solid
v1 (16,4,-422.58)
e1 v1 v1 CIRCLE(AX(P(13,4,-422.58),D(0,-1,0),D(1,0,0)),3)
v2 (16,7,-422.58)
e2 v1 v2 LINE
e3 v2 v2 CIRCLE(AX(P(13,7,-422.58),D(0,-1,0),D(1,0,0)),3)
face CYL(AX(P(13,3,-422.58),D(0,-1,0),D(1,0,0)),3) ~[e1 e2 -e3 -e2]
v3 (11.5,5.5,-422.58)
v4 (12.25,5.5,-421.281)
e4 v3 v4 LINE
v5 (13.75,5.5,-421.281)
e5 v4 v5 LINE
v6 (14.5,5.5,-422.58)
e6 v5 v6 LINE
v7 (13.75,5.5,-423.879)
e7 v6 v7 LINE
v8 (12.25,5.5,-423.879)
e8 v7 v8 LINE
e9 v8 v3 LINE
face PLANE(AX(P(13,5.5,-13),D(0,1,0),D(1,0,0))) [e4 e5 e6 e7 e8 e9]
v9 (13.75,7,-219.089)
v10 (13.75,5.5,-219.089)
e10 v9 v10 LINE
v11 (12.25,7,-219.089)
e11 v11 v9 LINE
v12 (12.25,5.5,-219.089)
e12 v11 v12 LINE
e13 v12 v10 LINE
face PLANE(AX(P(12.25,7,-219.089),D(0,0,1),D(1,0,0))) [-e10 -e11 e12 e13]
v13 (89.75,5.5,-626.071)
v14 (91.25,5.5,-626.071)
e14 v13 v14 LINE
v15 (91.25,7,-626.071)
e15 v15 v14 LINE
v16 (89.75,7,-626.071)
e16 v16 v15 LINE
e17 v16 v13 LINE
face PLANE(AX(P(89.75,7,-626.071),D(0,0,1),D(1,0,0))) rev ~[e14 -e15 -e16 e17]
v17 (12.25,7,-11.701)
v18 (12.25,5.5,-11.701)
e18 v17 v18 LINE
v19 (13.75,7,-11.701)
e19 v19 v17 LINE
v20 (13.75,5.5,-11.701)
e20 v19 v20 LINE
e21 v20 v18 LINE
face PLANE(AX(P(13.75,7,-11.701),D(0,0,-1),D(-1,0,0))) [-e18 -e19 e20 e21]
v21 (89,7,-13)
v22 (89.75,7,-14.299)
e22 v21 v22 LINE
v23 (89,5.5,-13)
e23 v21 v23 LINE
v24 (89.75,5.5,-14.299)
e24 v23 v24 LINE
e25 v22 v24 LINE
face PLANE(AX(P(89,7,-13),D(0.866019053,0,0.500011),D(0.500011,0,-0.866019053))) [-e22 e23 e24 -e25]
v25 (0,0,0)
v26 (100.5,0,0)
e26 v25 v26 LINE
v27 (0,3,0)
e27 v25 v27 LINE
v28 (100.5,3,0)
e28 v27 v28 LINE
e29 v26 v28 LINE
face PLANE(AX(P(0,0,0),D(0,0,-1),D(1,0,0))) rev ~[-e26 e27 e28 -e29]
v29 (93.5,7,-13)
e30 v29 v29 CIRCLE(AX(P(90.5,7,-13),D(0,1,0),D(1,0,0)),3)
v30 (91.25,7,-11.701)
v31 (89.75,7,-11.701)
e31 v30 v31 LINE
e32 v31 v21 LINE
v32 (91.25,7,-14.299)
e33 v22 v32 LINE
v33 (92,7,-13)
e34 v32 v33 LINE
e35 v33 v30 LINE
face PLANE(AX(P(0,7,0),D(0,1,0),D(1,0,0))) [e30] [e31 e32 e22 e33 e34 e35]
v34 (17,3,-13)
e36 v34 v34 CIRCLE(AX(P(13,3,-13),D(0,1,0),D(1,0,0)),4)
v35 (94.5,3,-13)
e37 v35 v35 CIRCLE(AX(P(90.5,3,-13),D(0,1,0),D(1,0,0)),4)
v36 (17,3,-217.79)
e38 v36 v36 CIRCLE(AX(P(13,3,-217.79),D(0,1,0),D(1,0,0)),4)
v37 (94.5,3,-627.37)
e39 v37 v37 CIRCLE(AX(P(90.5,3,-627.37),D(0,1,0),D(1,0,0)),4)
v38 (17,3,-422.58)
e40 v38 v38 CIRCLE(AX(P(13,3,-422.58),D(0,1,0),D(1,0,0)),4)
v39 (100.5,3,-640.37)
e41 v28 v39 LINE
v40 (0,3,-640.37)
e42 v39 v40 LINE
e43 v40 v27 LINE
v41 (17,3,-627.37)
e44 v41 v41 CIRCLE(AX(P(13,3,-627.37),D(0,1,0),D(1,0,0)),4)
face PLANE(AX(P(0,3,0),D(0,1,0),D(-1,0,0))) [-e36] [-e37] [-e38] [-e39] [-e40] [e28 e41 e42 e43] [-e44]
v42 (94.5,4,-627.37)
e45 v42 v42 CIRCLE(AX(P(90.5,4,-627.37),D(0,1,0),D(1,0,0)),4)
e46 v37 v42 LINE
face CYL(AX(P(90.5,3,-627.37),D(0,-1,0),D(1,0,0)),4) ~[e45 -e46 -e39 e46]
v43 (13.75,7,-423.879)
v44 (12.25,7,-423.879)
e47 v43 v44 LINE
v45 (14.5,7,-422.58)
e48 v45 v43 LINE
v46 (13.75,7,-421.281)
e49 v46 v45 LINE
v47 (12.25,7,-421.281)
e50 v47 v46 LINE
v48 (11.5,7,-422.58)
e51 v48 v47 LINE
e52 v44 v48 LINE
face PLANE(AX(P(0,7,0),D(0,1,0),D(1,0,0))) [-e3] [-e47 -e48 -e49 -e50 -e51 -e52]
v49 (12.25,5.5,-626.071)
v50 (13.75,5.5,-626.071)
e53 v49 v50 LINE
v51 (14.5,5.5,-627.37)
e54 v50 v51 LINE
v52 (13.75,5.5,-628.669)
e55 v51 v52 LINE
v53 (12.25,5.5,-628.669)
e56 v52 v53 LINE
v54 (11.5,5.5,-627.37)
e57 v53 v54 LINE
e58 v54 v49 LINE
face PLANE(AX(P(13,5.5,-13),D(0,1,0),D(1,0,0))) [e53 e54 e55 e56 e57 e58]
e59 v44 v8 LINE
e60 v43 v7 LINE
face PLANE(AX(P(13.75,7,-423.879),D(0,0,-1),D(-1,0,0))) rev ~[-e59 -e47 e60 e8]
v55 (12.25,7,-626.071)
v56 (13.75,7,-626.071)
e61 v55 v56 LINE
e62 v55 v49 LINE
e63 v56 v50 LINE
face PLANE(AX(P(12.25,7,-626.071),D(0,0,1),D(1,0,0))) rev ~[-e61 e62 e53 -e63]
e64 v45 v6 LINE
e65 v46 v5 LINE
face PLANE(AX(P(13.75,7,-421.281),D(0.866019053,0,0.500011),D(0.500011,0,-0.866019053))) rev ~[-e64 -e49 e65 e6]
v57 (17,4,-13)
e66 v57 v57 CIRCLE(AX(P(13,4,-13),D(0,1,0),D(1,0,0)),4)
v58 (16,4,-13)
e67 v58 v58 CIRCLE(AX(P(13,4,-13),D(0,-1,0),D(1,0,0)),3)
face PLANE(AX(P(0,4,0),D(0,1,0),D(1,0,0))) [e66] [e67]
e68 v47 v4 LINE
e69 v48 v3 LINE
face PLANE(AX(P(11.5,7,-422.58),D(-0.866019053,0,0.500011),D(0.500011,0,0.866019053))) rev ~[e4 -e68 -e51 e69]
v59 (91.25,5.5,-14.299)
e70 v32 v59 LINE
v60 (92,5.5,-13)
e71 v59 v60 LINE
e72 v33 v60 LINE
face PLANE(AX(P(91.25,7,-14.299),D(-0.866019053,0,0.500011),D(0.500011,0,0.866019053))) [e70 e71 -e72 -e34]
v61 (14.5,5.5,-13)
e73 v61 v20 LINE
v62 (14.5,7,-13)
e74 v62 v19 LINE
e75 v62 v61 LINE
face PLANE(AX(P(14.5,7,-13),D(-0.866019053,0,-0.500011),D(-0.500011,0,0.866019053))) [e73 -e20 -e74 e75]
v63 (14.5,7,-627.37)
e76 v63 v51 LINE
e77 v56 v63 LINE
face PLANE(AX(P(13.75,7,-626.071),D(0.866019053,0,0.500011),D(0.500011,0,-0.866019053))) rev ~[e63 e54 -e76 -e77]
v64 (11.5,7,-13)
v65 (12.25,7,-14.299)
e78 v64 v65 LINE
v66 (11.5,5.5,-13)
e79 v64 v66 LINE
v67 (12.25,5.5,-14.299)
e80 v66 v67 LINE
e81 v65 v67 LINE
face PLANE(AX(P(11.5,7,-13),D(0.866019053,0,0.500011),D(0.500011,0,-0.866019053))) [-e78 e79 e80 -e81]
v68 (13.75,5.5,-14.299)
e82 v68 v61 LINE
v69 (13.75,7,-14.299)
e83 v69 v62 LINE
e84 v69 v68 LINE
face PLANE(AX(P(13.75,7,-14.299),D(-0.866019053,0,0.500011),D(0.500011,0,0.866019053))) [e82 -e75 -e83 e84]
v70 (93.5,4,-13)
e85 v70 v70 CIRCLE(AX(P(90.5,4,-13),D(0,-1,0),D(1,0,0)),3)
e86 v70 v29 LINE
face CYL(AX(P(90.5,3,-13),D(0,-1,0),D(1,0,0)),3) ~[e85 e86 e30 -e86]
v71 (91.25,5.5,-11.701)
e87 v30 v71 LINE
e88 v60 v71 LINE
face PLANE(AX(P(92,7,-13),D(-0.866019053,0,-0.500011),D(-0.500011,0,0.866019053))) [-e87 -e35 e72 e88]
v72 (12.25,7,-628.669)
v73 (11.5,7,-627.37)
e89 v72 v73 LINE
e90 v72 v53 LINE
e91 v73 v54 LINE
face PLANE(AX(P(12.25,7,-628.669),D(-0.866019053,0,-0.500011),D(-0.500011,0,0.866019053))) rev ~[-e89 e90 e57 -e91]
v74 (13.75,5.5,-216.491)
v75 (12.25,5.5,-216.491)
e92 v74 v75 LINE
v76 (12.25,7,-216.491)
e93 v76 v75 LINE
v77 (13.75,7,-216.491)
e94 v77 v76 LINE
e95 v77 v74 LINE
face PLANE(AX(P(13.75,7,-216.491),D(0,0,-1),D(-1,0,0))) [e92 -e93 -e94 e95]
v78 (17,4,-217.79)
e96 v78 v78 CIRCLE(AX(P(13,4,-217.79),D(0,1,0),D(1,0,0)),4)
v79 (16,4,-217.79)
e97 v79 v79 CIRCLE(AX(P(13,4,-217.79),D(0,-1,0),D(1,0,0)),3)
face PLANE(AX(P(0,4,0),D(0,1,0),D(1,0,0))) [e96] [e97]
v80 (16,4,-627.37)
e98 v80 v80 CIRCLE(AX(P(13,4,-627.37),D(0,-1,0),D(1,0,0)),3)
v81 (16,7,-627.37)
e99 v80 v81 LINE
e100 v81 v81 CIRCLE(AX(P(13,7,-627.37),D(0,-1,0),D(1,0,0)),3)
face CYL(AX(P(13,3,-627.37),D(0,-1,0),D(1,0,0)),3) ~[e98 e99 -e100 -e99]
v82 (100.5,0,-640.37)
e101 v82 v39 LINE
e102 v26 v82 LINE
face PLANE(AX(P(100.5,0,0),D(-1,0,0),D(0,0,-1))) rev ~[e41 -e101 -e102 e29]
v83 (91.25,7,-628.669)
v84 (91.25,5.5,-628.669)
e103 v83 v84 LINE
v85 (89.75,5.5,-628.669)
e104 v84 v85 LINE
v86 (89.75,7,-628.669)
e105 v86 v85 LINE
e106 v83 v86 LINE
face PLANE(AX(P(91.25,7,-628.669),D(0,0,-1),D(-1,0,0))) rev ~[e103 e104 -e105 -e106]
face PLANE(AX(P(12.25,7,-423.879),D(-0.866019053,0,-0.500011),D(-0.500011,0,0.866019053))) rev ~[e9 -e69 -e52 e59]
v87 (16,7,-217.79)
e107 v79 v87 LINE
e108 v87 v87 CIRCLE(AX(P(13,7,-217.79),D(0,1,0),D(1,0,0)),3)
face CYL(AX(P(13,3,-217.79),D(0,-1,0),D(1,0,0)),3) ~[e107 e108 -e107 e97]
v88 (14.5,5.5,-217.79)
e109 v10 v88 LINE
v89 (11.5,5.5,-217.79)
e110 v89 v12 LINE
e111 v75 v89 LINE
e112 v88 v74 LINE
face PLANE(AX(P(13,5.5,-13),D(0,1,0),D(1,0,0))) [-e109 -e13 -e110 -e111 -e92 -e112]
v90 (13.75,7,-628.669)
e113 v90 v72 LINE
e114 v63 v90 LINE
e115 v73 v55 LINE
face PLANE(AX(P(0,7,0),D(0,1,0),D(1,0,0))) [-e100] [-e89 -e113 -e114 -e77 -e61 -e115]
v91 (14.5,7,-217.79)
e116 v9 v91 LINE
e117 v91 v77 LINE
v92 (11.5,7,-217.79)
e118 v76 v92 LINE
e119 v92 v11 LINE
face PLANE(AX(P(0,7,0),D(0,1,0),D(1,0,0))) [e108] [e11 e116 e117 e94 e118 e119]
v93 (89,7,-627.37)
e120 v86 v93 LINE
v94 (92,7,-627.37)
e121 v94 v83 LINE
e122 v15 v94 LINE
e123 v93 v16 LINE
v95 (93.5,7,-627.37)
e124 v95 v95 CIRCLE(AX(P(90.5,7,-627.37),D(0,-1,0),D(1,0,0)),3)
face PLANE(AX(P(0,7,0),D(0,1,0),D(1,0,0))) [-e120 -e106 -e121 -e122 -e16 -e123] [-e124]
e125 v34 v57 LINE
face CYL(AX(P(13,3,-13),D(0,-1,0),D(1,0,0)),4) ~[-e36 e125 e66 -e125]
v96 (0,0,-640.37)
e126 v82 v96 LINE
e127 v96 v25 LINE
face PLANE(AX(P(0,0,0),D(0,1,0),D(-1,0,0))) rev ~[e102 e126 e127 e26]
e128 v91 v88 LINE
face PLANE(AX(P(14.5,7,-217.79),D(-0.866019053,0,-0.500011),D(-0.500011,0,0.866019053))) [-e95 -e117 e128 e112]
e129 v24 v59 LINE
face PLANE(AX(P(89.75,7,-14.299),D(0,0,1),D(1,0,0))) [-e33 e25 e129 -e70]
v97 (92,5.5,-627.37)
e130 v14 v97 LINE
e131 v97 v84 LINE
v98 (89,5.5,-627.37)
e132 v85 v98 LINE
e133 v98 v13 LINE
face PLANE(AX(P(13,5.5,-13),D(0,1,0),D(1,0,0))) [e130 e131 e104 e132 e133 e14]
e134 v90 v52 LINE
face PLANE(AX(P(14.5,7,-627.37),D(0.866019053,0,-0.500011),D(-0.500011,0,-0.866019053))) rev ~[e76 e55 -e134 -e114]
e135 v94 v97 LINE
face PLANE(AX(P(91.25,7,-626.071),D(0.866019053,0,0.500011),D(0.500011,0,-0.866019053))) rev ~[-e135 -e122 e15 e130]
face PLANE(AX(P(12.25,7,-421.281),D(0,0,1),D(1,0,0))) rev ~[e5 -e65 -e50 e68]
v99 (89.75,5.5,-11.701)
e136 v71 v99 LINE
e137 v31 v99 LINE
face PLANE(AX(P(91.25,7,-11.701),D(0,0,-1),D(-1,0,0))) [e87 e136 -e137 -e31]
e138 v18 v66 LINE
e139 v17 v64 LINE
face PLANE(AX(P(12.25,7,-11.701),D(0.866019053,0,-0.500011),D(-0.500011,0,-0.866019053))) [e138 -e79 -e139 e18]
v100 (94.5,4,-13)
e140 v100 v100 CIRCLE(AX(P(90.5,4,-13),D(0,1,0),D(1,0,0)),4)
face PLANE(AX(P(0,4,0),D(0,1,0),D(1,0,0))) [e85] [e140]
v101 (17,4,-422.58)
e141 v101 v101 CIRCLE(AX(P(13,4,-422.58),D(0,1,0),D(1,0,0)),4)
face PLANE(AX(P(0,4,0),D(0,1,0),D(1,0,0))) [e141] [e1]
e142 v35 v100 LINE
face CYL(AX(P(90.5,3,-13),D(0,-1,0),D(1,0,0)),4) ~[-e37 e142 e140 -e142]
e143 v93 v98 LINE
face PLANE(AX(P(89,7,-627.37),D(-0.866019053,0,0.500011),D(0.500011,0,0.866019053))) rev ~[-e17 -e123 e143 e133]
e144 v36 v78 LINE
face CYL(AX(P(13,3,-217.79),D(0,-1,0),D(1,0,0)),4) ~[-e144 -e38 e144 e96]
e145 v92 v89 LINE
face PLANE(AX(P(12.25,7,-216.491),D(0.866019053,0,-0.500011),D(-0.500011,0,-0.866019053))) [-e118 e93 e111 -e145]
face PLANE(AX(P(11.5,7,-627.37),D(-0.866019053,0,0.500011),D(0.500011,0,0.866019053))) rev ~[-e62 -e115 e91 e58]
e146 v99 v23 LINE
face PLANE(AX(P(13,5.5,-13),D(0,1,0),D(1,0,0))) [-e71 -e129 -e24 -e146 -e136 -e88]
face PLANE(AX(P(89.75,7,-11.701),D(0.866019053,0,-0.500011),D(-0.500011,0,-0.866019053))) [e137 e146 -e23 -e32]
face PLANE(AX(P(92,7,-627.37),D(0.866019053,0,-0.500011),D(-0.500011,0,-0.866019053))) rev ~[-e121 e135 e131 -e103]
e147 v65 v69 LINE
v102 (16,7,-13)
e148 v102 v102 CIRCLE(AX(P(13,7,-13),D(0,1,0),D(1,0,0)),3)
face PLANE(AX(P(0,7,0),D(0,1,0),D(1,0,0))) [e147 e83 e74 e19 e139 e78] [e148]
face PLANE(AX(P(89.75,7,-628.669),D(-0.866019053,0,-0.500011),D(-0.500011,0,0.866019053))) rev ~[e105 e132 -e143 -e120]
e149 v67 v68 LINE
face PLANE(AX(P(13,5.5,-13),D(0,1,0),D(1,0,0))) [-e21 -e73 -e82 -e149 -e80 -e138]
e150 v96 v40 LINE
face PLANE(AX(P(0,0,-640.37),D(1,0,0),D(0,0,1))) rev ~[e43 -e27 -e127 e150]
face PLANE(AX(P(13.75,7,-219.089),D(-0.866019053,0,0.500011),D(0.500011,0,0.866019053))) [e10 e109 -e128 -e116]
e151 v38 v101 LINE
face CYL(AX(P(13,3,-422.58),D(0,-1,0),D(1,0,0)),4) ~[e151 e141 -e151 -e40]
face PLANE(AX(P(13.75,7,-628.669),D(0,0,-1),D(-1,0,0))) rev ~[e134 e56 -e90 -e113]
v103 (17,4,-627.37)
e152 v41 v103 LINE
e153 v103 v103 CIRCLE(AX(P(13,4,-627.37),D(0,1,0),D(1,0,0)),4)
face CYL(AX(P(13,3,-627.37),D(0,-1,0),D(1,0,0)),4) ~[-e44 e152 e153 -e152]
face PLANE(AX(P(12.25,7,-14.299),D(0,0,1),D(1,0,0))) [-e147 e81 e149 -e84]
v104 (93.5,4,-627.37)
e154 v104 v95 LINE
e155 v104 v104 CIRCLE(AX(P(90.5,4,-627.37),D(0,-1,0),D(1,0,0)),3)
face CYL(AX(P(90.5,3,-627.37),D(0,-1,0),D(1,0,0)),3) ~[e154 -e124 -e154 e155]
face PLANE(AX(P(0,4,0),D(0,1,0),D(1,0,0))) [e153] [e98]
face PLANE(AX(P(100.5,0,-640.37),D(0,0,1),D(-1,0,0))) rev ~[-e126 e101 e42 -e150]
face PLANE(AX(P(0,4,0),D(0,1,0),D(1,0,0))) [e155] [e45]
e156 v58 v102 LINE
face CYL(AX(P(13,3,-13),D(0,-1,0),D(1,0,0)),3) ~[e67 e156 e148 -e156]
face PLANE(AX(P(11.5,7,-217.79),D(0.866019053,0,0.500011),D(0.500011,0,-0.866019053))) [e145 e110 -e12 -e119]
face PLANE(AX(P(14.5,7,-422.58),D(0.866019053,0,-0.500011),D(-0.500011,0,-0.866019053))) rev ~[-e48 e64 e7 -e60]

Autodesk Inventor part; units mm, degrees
ref_plane "YZ Plane" through (0, 0, 0) normal (1, 0, 0) x (0, 1, 0)
ref_plane "XZ Plane" through (0, 0, 0) normal (0, 1, 0) x (-1, 0, 0)
ref_plane "XY Plane" through (0, 0, 0) normal (0, 0, 1) x (1, 0, 0)
sketch "Esboço1" plane through (0, 0, 0) normal (0, 1, 0) x (-1, 0, 0)
  line L0 (0, 0) -> (-100.5, 0)
  line L1 (-100.5, 0) -> (-100.5, -640.37)
  line L2 (-100.5, -640.37) -> (0, -640.37)
  line L3 (0, -640.37) -> (0, 0)
  dimension "d0" = 100.5
  dimension "d1" = 640.37
extrude "Extrusão1" add sketch "Esboço1" along normal blind 3
sketch "Esboço2" plane through (0, 3, 0) normal (0, 1, 0) x (1, 0, 0)
  line L0 (0, 0) -> (100.5, 0) projected
  line L1 (0, 0) -> (100.5, 0)
  line L2 (0, 20) -> (0, 0)
  line L3 (100.5, 640.37) -> (0, 640.37) projected
  line L4 (0, 0) -> (23, 0)
  line L5 (23, 0) -> (23, 640.37)
  line L6 (23, 640.37) -> (0, 640.37)
  line L7 (0, 640.37) -> (0, 0)
  line L8 (0, 640.37) -> (3, 640.37)
  line L9 (3, 640.37) -> (3, 0)
  line L10 (3, 0) -> (0, 0)
  line L11 (0, 0) -> (0, 640.37)
  line L12 (100.5, 0) -> (100.5, 640.37) projected
  line L13 (0, 0) -> (100.5, 0)
  line L14 (100.5, 0) -> (100.5, 23)
  line L15 (100.5, 23) -> (0, 23)
  line L16 (0, 23) -> (0, 0)
  line L17 (0, 23) -> (100.5, 23)
  line L18 (100.5, 23) -> (100.5, 3)
  line L19 (100.5, 3) -> (0, 3)
  line L20 (0, 3) -> (0, 23)
  line L21 (0, 640.37) -> (100.5, 640.37)
  line L22 (100.5, 640.37) -> (100.5, 617.37)
  line L23 (100.5, 617.37) -> (0, 617.37)
  line L24 (0, 617.37) -> (0, 640.37)
  line L25 (0, 617.37) -> (100.5, 617.37)
  line L26 (100.5, 617.37) -> (100.5, 637.37)
  line L27 (100.5, 637.37) -> (0, 637.37)
  line L28 (0, 637.37) -> (0, 617.37)
  line L29 (3, 617.37) -> (13, 617.37)
  line L30 (13, 617.37) -> (13, 627.37)
  line L31 (13, 627.37) -> (3, 627.37)
  line L32 (3, 627.37) -> (3, 617.37)
  line L33 (100.5, 617.37) -> (90.5, 617.37)
  line L34 (90.5, 617.37) -> (90.5, 627.37)
  line L35 (90.5, 627.37) -> (100.5, 627.37)
  line L36 (100.5, 627.37) -> (100.5, 617.37)
  line L37 (0, 320.185) -> (42.8938, 320.185)
  line L38 (0, 320.185) -> (13, 320.185)
  circle A0 centre (13, 320.185) radius 3
  circle A1 centre (13, 627.37) radius 3
  circle A2 centre (90.5, 627.37) radius 3
  line L39 (13, 320.185) -> (13, 422.58)
  line L40 (13, 422.58) -> (13, 524.975)
  circle A3 centre (13, 422.58) radius 3
  circle A4 centre (13, 524.975) radius 3
  circle A5 centre (13, 320.185) radius 3
  circle A6 centre (13, 13) radius 3
  circle A7 centre (90.5, 13) radius 3
  circle A8 centre (13, 217.79) radius 3
  circle A9 centre (13, 115.395) radius 3
  dimension "d5" = 23
  dimension "d6" = 3
  dimension "d7" = 23
  dimension "d8" = 20
  dimension "d9" = 23
  dimension "d10" = 20
  dimension "d11" = 10
  dimension "d12" = 10
  dimension "d13" = 10
  dimension "d14" = 6
  dimension "d15" = 6
  dimension "d16" = 6
  dimension "d17" = 102.395
  dimension "d18" = 102.395
extrude "Extrusão2" add sketch "Esboço2" along normal blind 4 contours A4 | A3 L40 L39 | L39 L40 A3 | A0 L39 L37 | L37 A0 | L37 L39 A0 | A1 L30 L31 | L31 L30 A1 | A2 L34 L35 | L35 L34 A2 | A6 | A7 | A8 | A9
sketch "Esboço3" plane through (0, 3, 0) normal (0, 1, 0) x (1, 0, 0)
  circle A0 centre (13, 13) radius 3 projected
  circle A1 centre (13, 13) radius 4
  circle A2 centre (90.5, 13) radius 3 projected
  circle A3 centre (90.5, 13) radius 4
  circle A4 centre (13, 115.395) radius 3 projected
  circle A5 centre (13, 115.395) radius 4
  circle A6 centre (13, 217.79) radius 3 projected
  circle A7 centre (13, 217.79) radius 4
  circle A8 centre (13, 320.185) radius 3 projected
  circle A9 centre (13, 320.185) radius 4
  line L0 (100.5, 0) -> (100.5, 640.37) projected
  line L1 (100.5, 320.185) -> (82.1081, 320.185)
  circle A10 centre (13, 627.37) radius 3
  circle A11 centre (13, 627.37) radius 4
  circle A12 centre (90.5, 627.37) radius 3
  circle A13 centre (90.5, 627.37) radius 4
  circle A14 centre (13, 524.975) radius 3
  circle A15 centre (13, 524.975) radius 4
  circle A16 centre (13, 422.58) radius 3
  circle A17 centre (13, 422.58) radius 4
  circle A18 centre (13, 320.185) radius 3
  circle A19 centre (13, 320.185) radius 4
  point P0 (0, 0)
  dimension "d21" = 8
  dimension "d22" = 8
  dimension "d23" = 8
  dimension "d24" = 8
  dimension "d25" = 8
extrude "Extrusão3" add sketch "Esboço3" along normal blind 1 contours A0 | A1 | A2 | A3 | A4 | A5 | A6 | A7 | A8 | A9 | A10 | A11 | A12 | A13 | A14 | A15 | A16 | A17
sketch "Esboço4" plane through (13, 7, -13) normal (0, 1, 0) x (1, 0, 0)
  circle A0 centre (0, 0) radius 3 projected
  line L0 (0, 0) -> (1.5, 0)
  circle A1 centre (0, 0) radius 4 projected
  line L1 (1.5, 0) -> (0.75, -1.299)
  line L2 (0.75, -1.299) -> (-0.75, -1.299)
  line L3 (-0.75, -1.299) -> (-1.5, 0)
  line L4 (-1.5, 0) -> (-0.75, 1.299)
  line L5 (-0.75, 1.299) -> (0.75, 1.299)
  line L6 (0.75, 1.299) -> (1.5, 0)
  circle A2 centre (77.5, 0) radius 3 projected
  line L7 (77.5, 0) -> (79, 0)
  line L8 (79, 0) -> (78.25, -1.299)
  line L9 (78.25, -1.299) -> (76.75, -1.299)
  line L10 (76.75, -1.299) -> (76, 0)
  line L11 (76, 0) -> (76.75, 1.299)
  line L12 (76.75, 1.299) -> (78.25, 1.299)
  line L13 (78.25, 1.299) -> (79, 0)
  circle A3 centre (0, 102.395) radius 3 projected
  line L14 (0, 102.395) -> (1.5, 102.395)
  line L15 (1.5, 102.395) -> (0.75, 101.096)
  line L16 (0.75, 101.096) -> (-0.75, 101.096)
  line L17 (-0.75, 101.096) -> (-1.5, 102.395)
  line L18 (-1.5, 102.395) -> (-0.75, 103.694)
  line L19 (-0.75, 103.694) -> (0.75, 103.694)
  line L20 (0.75, 103.694) -> (1.5, 102.395)
  circle A4 centre (0, 204.79) radius 3 projected
  line L21 (0, 204.79) -> (1.5, 204.79)
  line L22 (1.5, 204.79) -> (0.75, 203.491)
  line L23 (0.75, 203.491) -> (-0.75, 203.491)
  line L24 (-0.75, 203.491) -> (-1.5, 204.79)
  line L25 (-1.5, 204.79) -> (-0.75, 206.089)
  line L26 (-0.75, 206.089) -> (0.75, 206.089)
  line L27 (0.75, 206.089) -> (1.5, 204.79)
  circle A5 centre (0, 307.185) radius 4 projected
  line L28 (0, 307.185) -> (1.5, 307.185)
  circle A6 centre (0, 307.185) radius 3 projected
  line L29 (1.5, 307.185) -> (0.75, 305.886)
  line L30 (0.75, 305.886) -> (-0.75, 305.886)
  line L31 (-0.75, 305.886) -> (-1.5, 307.185)
  line L32 (-1.5, 307.185) -> (-0.75, 308.484)
  line L33 (-0.75, 308.484) -> (0.75, 308.484)
  line L34 (0.75, 308.484) -> (1.5, 307.185)
  line L35 (87.5, -13) -> (87.5, 627.37) projected
  line L36 (87.5, 307.185) -> (57.6178, 307.185)
  circle A7 centre (0, 614.37) radius 3
  line L37 (0, 614.37) -> (1.5, 614.37)
  circle A8 centre (0, 614.37) radius 4
  line L38 (1.5, 614.37) -> (0.75, 615.669)
  line L39 (0.75, 615.669) -> (-0.75, 615.669)
  line L40 (-0.75, 615.669) -> (-1.5, 614.37)
  line L41 (-1.5, 614.37) -> (-0.75, 613.071)
  line L42 (-0.75, 613.071) -> (0.75, 613.071)
  line L43 (0.75, 613.071) -> (1.5, 614.37)
  circle A9 centre (77.5, 614.37) radius 3
  line L44 (77.5, 614.37) -> (79, 614.37)
  line L45 (79, 614.37) -> (78.25, 615.669)
  line L46 (78.25, 615.669) -> (76.75, 615.669)
  line L47 (76.75, 615.669) -> (76, 614.37)
  line L48 (76, 614.37) -> (76.75, 613.071)
  line L49 (76.75, 613.071) -> (78.25, 613.071)
  line L50 (78.25, 613.071) -> (79, 614.37)
  circle A10 centre (0, 511.975) radius 3
  line L51 (0, 511.975) -> (1.5, 511.975)
  line L52 (1.5, 511.975) -> (0.75, 513.274)
  line L53 (0.75, 513.274) -> (-0.75, 513.274)
  line L54 (-0.75, 513.274) -> (-1.5, 511.975)
  line L55 (-1.5, 511.975) -> (-0.75, 510.676)
  line L56 (-0.75, 510.676) -> (0.75, 510.676)
  line L57 (0.75, 510.676) -> (1.5, 511.975)
  circle A11 centre (0, 409.58) radius 3
  line L58 (0, 409.58) -> (1.5, 409.58)
  line L59 (1.5, 409.58) -> (0.75, 410.879)
  line L60 (0.75, 410.879) -> (-0.75, 410.879)
  line L61 (-0.75, 410.879) -> (-1.5, 409.58)
  line L62 (-1.5, 409.58) -> (-0.75, 408.281)
  line L63 (-0.75, 408.281) -> (0.75, 408.281)
  line L64 (0.75, 408.281) -> (1.5, 409.58)
  circle A12 centre (0, 307.185) radius 4
  circle A13 centre (0, 307.185) radius 3
  line L65 (1.5, 307.185) -> (0.75, 308.484)
  line L66 (0.75, 308.484) -> (-0.75, 308.484)
  line L67 (-0.75, 308.484) -> (-1.5, 307.185)
  line L68 (-1.5, 307.185) -> (-0.75, 305.886)
  line L69 (-0.75, 305.886) -> (0.75, 305.886)
  line L70 (0.75, 305.886) -> (1.5, 307.185)
  point P0 (-13, -13)
  dimension "d28" = 1.5
  dimension "d29" = 1.5
  dimension "d30" = 1.5
extrude "Extrusão4" cut sketch "Esboço4" against normal blind 1.5 contours L1 L2 L3 L4 L5 L6 | L8 L9 L10 L11 L12 L13 | L15 L16 L17 L18 L19 L20 | L22 L23 L24 L25 L26 L27 | L29 L30 L31 L32 L33 L34 | L43 L42 L41 L40 L39 L38 | L50 L49 L48 L47 L46 L45 | L57 L56 L55 L54 L53 L52 | L64 L63 L62 L61 L60 L59
sketch "Esboço5" plane through (0, 3, 0) normal (0, 1, 0) x (1, 0, 0)
  line L0 (4.5679, 103.4306) -> (23.4921, 103.4306)
  line L1 (23.4921, 103.4306) -> (23.4921, 130.838)
  line L2 (23.4921, 130.838) -> (4.5679, 130.838)
  line L3 (4.5679, 130.838) -> (4.5679, 103.4306)
  line L4 (4.5679, 310.9443) -> (23.4921, 310.9443)
  line L5 (23.4921, 310.9443) -> (23.4921, 337.6992)
  line L6 (23.4921, 337.6992) -> (4.5679, 337.6992)
  line L7 (4.5679, 337.6992) -> (4.5679, 310.9443)
  line L8 (4.5679, 512.5849) -> (23.4921, 512.5849)
  line L9 (23.4921, 512.5849) -> (23.4921, 537.3821)
  line L10 (23.4921, 537.3821) -> (4.5679, 537.3821)
  line L11 (4.5679, 537.3821) -> (4.5679, 512.5849)
  point P0 (0, 0)
extrude "Extrusão5" cut sketch "Esboço5" along normal blind 5
properties part number "chapa_frente_esquerda"
